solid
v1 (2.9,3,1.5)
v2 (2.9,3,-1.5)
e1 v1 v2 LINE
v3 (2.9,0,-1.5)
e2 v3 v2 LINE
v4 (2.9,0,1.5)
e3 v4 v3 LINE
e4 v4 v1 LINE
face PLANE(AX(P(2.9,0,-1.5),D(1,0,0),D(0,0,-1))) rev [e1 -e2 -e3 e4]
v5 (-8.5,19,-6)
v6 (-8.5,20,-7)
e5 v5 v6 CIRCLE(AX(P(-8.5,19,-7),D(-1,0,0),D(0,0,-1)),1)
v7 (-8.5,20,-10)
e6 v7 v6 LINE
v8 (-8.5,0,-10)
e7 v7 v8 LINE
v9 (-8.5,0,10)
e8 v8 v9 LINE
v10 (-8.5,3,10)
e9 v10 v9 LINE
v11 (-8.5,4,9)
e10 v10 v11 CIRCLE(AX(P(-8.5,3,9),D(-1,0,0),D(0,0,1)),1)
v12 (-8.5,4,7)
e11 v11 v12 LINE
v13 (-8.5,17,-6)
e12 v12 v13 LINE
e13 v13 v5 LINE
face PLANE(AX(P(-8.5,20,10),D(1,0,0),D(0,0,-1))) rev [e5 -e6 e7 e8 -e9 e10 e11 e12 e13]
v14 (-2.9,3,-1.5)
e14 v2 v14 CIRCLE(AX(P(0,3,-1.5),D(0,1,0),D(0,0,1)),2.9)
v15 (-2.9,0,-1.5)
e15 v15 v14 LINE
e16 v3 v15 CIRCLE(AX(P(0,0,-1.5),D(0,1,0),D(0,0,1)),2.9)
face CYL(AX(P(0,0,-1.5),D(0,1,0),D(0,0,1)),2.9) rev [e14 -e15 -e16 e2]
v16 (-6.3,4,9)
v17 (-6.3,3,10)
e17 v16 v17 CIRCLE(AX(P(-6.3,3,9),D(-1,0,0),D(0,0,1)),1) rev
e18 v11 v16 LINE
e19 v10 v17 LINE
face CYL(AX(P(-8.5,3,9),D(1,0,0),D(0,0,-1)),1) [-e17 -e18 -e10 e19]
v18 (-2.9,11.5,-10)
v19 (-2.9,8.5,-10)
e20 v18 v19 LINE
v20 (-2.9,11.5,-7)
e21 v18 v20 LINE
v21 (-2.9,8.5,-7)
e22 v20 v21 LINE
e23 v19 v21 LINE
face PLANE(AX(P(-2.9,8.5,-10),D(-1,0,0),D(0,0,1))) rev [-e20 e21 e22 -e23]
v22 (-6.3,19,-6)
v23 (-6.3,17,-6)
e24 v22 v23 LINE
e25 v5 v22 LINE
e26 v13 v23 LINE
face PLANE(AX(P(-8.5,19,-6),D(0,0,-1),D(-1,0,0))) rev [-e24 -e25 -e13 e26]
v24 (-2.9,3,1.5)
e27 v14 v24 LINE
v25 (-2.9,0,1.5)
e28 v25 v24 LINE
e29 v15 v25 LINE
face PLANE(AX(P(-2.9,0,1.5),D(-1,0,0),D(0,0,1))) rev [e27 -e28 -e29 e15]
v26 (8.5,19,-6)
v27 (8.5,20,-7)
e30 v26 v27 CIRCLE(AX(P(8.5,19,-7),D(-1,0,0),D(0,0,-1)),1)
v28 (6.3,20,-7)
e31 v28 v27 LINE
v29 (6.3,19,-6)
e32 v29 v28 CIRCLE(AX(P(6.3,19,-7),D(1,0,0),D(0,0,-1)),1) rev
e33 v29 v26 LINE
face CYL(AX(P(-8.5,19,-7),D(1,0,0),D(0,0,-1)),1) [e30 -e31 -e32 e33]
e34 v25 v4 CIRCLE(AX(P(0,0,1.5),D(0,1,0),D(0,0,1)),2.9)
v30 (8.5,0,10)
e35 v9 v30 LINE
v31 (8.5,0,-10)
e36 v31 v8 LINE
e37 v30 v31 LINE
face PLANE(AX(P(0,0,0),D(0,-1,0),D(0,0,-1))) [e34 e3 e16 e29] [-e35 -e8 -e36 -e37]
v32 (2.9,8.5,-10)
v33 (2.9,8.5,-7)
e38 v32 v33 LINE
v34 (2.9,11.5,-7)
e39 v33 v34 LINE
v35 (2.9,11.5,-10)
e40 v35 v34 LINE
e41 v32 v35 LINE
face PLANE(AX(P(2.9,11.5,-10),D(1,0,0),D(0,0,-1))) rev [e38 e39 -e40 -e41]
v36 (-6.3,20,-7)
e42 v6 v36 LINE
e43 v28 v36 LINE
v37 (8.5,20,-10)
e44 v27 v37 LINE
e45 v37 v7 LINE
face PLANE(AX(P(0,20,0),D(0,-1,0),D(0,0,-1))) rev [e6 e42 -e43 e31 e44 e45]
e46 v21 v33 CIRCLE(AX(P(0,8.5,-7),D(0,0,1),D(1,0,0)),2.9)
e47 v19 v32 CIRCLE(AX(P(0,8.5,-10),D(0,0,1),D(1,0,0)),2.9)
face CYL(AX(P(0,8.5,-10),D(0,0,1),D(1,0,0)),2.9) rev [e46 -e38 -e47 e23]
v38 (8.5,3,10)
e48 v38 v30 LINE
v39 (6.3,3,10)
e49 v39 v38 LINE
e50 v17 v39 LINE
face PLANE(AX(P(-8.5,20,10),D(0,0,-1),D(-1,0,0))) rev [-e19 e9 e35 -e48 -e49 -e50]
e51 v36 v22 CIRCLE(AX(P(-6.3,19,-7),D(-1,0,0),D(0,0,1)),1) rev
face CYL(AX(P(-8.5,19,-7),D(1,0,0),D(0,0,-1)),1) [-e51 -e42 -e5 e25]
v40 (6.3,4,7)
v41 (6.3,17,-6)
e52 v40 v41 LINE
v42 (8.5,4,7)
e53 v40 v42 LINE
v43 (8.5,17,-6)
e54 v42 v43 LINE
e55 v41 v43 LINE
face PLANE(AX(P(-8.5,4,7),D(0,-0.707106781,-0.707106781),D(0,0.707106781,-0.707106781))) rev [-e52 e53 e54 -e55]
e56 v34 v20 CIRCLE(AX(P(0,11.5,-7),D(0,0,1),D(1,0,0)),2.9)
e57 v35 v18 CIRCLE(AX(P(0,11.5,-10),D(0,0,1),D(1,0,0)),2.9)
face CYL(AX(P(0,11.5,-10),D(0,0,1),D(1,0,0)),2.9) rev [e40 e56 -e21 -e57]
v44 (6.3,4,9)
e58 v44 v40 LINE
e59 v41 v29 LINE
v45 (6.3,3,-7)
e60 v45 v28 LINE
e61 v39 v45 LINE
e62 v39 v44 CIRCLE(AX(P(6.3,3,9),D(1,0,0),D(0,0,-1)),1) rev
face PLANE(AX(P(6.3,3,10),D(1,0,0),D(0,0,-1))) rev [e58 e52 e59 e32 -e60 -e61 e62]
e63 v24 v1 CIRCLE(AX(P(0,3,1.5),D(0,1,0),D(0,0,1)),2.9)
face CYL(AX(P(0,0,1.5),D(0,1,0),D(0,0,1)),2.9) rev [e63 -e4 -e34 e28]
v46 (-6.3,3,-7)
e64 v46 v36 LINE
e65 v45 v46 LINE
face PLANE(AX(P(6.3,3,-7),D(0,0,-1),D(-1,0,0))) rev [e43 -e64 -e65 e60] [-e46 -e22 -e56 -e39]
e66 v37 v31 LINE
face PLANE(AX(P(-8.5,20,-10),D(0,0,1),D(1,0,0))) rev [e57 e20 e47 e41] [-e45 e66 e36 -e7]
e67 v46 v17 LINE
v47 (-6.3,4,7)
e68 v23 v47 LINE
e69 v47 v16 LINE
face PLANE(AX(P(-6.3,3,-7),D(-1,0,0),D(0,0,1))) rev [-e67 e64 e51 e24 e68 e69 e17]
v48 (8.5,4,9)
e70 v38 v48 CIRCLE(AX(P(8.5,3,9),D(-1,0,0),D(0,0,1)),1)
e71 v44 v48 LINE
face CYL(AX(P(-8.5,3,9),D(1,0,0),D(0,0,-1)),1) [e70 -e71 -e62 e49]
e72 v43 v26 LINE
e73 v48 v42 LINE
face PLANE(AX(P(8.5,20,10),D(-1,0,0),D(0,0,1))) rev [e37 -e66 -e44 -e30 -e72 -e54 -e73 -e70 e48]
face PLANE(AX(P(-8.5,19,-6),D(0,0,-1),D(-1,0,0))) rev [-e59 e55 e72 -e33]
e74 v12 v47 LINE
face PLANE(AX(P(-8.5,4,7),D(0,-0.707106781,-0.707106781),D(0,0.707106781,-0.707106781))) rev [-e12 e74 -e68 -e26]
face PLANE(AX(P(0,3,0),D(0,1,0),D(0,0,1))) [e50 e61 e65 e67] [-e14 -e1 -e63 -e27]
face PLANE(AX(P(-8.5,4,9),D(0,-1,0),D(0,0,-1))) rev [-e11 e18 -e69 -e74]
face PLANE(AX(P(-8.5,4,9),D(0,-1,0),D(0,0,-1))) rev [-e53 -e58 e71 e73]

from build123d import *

# Parameters (mm, degrees)
SKETCH_1_W          = 17
SKETCH_1_H          = 20
EXTRUDE_1_DEPTH     = 20
SKETCH_2_W          = 12.6
SKETCH_2_H          = 17
CUT_EXTRUDE_1_DEPTH = 17
CUT_EXTRUDE_2_DEPTH = 17
CUT_EXTRUDE_3_DEPTH = 3
CUT_EXTRUDE_4_DEPTH = 3


with BuildPart() as part:
    # 草图1 → 凸台-拉伸1 (new body)
    with BuildSketch(Plane(origin=(0, 0, 0), x_dir=(1, 0, 0), z_dir=(0, 1, 0))):
        Rectangle(SKETCH_1_W, SKETCH_1_H)
    extrude(amount=EXTRUDE_1_DEPTH)

    # 草图2 → 切除-拉伸1 (cut)
    with BuildSketch(Plane(origin=(0, 20, 0), x_dir=(1, 0, 0), z_dir=(0, 1, 0))):
        with Locations((0, -1.5)):
            Rectangle(SKETCH_2_W, SKETCH_2_H)
    extrude(amount=-CUT_EXTRUDE_1_DEPTH, mode=Mode.SUBTRACT)

    # 草图3 → 切除-拉伸2 (cut)
    with BuildSketch(Plane(origin=(8.5, 0, 0), x_dir=(0, 0, -1), z_dir=(1, 0, 0))):
        with BuildLine():
            Line((6, 19), (6, 17))
            Line((6, 17), (-7, 4))
            Line((-7, 4), (-9, 4))
            ThreePointArc((-9, 4), (-9.707106781, 3.707106781), (-10, 3))
            Line((-10, 3), (-10, 20))
            Line((-10, 20), (7, 20))
            ThreePointArc((7, 20), (6.292893219, 19.707106781), (6, 19))
        make_face()
    extrude(amount=-CUT_EXTRUDE_2_DEPTH, mode=Mode.SUBTRACT)

    # 草图4 → 切除-拉伸3 (cut)
    with BuildSketch(Plane.XY.offset(-7)):
        with BuildLine():
            Line((2.9, 11.5), (2.9, 8.5))
            ThreePointArc((2.9, 8.5), (0, 5.6), (-2.9, 8.5))
            Line((-2.9, 8.5), (-2.9, 11.5))
            ThreePointArc((-2.9, 11.5), (0, 14.4), (2.9, 11.5))
        make_face()
    extrude(amount=-CUT_EXTRUDE_3_DEPTH, mode=Mode.SUBTRACT)

    # 草图5 → 切除-拉伸4 (cut)
    with BuildSketch(Plane(origin=(0, 3, 0), x_dir=(1, 0, 0), z_dir=(0, 1, 0))):
        with BuildLine():
            Line((2.9, 1.5), (2.9, -1.5))
            ThreePointArc((2.9, -1.5), (0, -4.4), (-2.9, -1.5))
            Line((-2.9, -1.5), (-2.9, 1.5))
            ThreePointArc((-2.9, 1.5), (0, 4.4), (2.9, 1.5))
        make_face()
    extrude(amount=-CUT_EXTRUDE_4_DEPTH, mode=Mode.SUBTRACT)


solid = part.part
